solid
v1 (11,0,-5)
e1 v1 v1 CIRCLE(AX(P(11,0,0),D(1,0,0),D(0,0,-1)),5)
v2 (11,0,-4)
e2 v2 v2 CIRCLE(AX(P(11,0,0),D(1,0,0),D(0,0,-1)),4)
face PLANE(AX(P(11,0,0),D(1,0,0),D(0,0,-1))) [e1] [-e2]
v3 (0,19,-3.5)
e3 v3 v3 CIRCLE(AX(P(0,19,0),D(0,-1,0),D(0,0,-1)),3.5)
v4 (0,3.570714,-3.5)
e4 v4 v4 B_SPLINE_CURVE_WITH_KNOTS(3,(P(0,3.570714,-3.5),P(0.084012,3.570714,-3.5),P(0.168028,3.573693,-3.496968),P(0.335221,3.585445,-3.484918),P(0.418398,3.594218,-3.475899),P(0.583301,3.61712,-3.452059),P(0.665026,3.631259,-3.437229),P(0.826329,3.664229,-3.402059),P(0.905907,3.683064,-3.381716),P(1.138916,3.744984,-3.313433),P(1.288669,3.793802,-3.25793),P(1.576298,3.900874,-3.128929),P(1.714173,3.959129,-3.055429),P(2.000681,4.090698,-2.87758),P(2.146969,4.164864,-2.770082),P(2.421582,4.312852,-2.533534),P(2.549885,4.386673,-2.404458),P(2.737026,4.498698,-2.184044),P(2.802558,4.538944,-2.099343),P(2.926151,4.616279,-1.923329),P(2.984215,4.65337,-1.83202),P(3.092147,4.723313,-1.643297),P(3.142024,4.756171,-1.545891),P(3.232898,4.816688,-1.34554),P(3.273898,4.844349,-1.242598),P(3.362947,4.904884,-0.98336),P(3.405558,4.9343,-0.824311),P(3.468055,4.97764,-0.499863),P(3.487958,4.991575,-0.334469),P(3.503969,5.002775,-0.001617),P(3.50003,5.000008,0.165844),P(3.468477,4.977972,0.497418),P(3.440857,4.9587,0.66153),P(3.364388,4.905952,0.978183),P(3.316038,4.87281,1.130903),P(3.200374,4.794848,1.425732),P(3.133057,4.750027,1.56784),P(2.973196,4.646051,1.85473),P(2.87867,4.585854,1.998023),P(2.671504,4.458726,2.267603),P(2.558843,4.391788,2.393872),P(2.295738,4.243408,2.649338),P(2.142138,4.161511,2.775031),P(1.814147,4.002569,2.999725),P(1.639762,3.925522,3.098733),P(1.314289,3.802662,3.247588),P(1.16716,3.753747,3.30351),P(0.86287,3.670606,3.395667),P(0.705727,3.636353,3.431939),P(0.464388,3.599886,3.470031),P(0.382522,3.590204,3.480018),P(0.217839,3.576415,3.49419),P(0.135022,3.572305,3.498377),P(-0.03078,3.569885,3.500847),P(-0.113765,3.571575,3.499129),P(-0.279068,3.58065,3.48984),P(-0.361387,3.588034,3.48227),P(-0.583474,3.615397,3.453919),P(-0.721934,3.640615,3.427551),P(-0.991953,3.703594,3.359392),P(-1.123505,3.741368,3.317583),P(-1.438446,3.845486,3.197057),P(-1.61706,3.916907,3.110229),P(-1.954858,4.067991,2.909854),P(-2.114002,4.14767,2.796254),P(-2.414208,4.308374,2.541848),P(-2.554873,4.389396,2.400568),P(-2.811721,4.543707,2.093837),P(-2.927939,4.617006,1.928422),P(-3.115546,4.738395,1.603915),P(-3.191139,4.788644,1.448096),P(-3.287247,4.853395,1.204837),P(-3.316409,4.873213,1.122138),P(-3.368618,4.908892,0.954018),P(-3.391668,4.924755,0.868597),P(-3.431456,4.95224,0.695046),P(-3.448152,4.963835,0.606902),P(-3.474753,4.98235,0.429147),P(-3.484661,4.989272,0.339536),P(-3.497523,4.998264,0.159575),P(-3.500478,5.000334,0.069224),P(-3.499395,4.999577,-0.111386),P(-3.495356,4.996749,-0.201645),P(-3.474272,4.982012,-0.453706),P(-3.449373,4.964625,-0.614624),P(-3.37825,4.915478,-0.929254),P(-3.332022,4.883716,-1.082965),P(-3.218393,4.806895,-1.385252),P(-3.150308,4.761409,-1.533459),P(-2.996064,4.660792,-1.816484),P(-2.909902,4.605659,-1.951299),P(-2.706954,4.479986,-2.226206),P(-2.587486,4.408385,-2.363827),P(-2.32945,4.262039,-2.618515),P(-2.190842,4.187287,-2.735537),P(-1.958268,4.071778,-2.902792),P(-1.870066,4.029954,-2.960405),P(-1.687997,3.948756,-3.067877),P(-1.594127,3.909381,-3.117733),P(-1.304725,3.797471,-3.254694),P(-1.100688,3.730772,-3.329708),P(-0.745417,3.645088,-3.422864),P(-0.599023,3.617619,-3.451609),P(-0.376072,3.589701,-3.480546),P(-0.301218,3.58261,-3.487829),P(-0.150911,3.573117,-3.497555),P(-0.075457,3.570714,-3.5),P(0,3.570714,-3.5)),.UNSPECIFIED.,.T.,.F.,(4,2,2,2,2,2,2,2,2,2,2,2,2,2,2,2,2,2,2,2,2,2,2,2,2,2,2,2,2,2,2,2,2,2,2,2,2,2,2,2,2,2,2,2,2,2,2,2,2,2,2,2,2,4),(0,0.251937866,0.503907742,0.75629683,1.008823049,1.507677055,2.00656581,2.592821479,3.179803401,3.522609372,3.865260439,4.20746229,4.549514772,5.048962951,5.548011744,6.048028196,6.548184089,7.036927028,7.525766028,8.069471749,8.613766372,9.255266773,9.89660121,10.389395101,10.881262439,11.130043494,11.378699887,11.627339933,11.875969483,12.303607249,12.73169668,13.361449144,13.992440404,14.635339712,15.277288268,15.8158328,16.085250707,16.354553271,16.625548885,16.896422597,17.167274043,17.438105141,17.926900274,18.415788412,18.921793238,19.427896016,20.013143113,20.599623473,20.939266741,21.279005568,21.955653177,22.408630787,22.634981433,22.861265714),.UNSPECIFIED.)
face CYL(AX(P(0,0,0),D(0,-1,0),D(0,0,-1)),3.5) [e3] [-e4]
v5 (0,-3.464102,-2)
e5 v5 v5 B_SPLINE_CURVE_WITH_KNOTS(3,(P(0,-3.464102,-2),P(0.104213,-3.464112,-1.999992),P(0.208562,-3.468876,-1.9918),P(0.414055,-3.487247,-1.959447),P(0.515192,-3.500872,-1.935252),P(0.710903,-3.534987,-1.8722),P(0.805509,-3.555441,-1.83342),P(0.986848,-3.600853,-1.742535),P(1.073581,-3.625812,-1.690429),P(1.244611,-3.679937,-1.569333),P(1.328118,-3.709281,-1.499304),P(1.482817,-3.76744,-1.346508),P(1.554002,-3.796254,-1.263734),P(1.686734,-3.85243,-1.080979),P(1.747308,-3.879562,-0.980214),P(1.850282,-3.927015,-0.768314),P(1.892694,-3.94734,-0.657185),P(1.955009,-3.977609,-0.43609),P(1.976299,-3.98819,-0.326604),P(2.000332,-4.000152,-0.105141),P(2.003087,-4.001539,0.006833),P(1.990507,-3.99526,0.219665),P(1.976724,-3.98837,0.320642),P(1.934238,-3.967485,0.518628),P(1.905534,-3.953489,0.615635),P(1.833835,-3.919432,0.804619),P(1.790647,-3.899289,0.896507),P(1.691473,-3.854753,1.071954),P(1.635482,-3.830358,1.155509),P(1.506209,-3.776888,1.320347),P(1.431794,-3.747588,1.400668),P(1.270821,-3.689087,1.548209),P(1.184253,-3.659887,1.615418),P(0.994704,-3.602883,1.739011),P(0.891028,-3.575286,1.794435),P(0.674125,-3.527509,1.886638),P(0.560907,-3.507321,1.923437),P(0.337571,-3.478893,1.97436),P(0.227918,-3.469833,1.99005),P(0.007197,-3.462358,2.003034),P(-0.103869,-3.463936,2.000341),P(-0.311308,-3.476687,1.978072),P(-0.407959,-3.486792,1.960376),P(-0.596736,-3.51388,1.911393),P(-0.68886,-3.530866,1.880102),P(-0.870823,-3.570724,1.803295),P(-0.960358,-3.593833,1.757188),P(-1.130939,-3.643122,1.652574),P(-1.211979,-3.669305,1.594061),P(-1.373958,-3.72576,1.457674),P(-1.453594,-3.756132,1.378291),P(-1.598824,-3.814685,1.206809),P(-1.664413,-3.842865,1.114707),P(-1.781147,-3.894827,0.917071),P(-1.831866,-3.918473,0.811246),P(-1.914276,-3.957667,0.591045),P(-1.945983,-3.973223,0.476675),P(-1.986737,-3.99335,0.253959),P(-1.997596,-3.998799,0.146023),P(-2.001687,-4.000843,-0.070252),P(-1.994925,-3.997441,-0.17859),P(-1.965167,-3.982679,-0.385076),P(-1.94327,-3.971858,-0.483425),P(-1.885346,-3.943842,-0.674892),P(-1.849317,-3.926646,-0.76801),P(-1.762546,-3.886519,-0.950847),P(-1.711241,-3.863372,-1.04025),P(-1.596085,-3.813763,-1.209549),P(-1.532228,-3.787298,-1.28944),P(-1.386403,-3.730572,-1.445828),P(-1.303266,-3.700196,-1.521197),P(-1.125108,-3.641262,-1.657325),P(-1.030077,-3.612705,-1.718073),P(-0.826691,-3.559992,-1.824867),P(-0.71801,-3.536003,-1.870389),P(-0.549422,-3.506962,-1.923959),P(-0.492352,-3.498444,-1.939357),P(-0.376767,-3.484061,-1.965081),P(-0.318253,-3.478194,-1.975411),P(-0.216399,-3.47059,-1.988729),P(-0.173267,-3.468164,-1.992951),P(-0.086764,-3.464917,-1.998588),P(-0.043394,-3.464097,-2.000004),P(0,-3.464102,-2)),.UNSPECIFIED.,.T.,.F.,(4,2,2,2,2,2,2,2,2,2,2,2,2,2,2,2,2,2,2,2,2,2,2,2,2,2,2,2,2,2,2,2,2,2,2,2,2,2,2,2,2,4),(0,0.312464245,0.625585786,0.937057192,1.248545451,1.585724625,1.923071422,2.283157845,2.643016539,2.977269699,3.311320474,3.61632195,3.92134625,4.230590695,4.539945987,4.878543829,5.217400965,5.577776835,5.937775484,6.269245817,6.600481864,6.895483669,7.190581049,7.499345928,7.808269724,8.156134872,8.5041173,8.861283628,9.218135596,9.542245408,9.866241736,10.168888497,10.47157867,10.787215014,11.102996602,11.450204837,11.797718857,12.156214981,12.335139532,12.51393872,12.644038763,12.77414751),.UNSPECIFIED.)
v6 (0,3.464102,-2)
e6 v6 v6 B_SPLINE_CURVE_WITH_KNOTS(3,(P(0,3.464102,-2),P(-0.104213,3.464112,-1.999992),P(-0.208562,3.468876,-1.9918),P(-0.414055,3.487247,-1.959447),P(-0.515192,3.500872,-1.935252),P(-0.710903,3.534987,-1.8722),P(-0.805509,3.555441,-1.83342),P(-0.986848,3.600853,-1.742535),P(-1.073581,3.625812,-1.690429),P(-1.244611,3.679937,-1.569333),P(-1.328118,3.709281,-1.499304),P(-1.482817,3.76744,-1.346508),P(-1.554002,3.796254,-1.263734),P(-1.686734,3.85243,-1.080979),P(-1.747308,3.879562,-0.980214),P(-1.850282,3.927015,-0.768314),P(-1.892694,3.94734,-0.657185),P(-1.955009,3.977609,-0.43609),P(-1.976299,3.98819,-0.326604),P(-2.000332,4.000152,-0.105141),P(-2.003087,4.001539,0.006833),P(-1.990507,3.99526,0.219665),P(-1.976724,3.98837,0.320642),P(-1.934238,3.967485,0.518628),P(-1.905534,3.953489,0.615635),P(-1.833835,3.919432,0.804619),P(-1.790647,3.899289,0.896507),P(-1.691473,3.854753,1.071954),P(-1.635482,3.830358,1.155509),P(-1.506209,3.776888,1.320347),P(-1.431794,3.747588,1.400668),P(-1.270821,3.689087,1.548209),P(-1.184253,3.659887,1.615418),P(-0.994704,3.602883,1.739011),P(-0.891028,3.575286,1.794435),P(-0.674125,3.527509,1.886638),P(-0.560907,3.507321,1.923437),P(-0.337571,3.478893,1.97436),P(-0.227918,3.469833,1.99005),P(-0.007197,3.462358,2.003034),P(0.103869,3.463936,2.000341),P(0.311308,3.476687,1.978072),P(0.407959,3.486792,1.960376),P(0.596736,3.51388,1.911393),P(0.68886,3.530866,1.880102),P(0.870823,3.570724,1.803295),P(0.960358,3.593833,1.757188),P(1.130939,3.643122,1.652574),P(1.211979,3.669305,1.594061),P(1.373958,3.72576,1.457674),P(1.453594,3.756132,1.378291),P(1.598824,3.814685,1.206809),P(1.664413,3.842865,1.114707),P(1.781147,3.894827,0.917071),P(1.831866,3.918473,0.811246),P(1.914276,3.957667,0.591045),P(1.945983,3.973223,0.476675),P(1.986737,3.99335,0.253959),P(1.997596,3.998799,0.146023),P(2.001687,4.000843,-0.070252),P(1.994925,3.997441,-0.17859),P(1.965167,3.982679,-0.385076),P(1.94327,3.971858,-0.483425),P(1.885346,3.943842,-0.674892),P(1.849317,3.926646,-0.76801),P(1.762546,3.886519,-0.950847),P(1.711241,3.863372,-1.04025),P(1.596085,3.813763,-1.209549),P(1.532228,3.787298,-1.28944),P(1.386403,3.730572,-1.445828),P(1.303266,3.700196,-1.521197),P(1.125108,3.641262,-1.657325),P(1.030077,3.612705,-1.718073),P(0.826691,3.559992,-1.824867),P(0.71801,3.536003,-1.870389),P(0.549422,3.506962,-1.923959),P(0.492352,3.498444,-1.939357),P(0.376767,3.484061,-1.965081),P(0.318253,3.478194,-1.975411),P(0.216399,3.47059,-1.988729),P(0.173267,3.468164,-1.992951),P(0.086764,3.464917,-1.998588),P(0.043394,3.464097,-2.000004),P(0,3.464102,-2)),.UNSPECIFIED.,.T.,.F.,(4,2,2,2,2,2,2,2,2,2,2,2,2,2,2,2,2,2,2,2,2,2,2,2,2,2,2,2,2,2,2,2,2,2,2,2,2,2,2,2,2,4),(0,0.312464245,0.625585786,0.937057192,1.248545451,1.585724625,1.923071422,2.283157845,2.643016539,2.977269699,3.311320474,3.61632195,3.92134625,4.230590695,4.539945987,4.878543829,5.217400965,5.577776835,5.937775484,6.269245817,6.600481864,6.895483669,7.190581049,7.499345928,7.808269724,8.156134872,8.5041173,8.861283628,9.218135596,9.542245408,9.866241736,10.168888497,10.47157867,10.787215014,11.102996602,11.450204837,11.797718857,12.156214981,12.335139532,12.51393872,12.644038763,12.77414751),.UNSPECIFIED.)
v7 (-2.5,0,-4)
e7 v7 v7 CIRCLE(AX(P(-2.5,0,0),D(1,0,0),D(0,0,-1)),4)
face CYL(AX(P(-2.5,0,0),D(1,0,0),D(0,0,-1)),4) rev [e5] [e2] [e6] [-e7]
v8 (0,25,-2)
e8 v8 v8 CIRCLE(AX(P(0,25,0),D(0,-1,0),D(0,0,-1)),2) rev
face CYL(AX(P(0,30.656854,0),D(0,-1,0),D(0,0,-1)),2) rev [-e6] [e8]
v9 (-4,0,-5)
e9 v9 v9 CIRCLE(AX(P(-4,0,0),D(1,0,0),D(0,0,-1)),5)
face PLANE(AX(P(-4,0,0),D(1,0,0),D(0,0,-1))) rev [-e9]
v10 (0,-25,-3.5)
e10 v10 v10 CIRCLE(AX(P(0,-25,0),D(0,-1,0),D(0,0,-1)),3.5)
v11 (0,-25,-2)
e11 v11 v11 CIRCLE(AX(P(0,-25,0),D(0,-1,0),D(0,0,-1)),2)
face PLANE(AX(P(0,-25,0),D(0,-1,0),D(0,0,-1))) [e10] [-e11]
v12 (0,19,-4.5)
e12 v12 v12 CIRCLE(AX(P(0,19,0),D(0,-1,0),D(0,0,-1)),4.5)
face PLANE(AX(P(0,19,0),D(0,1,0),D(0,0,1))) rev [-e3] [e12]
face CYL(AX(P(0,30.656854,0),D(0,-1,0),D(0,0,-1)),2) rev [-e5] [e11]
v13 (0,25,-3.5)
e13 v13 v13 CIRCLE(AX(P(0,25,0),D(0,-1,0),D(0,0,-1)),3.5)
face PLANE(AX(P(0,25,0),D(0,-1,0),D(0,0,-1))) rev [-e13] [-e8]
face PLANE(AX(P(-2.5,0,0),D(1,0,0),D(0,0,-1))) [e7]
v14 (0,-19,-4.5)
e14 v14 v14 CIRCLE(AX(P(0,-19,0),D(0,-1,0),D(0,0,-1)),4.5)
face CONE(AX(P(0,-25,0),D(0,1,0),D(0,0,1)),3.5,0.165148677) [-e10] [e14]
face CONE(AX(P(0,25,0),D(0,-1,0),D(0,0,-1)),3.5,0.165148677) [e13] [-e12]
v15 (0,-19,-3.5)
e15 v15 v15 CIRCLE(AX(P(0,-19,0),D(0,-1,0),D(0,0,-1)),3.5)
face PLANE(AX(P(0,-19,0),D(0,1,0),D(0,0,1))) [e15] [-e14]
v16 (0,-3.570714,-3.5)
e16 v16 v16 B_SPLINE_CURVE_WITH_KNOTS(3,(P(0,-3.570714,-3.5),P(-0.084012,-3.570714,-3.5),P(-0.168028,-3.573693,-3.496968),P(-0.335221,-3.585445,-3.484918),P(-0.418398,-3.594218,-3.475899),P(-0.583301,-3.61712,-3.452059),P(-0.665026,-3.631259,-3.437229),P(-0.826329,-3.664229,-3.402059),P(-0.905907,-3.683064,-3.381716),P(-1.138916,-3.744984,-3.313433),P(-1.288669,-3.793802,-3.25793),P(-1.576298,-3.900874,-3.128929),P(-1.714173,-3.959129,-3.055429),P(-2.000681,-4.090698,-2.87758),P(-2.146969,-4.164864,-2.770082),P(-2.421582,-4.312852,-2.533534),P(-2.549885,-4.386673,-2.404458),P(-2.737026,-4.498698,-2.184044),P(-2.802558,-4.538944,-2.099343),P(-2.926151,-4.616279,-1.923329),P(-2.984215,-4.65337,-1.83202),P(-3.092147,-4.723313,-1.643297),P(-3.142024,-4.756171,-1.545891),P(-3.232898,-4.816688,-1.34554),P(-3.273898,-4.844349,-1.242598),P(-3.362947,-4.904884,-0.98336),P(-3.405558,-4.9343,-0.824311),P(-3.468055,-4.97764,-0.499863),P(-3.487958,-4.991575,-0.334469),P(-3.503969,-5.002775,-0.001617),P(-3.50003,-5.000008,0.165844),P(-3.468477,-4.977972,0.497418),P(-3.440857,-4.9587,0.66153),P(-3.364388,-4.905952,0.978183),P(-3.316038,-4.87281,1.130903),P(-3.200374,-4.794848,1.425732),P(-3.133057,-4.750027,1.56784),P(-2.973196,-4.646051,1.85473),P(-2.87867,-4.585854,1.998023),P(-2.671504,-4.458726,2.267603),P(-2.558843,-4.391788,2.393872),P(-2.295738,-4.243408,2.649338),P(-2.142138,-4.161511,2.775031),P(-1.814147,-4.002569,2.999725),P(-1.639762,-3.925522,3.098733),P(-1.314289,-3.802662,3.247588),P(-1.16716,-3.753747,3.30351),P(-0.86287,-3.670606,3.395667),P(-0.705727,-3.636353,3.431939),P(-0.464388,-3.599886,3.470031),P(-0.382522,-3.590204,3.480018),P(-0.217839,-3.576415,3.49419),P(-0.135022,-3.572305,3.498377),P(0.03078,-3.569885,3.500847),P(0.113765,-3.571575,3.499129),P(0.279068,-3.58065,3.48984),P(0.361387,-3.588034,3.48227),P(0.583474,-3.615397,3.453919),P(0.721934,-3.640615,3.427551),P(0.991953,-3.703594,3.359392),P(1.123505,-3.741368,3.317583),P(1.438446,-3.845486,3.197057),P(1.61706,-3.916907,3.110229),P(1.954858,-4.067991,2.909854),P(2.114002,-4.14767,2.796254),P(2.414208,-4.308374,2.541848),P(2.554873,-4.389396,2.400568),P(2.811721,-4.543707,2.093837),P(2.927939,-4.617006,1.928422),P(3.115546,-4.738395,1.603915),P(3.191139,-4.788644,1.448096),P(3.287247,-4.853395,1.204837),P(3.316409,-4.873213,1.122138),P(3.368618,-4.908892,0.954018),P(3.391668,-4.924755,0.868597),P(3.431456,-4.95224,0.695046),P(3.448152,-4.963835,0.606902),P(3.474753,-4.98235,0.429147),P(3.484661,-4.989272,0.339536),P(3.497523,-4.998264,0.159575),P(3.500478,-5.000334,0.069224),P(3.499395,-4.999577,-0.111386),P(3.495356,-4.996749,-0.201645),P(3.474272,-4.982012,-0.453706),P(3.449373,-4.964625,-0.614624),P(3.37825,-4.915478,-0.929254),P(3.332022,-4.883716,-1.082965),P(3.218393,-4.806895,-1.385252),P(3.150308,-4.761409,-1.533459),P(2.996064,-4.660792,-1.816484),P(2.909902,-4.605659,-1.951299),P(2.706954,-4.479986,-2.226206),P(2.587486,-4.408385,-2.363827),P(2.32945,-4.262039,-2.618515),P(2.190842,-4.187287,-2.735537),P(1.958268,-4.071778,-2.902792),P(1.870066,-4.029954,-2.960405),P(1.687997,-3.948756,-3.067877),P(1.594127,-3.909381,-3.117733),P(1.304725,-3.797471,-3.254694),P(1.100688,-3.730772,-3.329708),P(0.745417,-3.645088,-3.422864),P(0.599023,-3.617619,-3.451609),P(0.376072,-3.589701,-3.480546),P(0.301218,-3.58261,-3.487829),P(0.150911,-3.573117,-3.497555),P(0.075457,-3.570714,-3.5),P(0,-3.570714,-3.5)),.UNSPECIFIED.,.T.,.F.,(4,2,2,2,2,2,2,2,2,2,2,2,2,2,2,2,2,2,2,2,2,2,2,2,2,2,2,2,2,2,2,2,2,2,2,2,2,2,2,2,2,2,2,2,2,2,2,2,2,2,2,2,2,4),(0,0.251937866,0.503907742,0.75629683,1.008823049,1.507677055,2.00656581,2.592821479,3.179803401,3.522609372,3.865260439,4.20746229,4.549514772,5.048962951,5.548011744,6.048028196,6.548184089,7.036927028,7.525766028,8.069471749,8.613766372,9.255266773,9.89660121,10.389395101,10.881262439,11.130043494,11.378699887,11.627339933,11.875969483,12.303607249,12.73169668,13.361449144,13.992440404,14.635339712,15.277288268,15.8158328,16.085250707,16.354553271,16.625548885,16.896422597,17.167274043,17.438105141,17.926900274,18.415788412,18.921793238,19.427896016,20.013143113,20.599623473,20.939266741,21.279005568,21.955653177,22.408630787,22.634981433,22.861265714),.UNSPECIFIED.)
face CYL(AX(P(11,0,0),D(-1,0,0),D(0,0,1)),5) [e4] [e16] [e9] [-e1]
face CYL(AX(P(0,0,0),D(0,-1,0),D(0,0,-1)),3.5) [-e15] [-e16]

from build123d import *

# Parameters (mm, degrees)
SKETCH3_W           = 2.5
SKETCH3_H           = 25
SKETCH3_H_2         = 6.220476857
SKETCH3_H_3         = 18.779523143
BOSS_EXTRUDE2_START = 3.5
SKETCH5_R           = 5
BOSS_EXTRUDE2_DEPTH = 7.5
SKETCH6_R           = 4
CUT_EXTRUDE1_DEPTH  = 13.5
SKETCH7_R           = 2
CUT_EXTRUDE2_DEPTH  = 50


with BuildPart() as part:
    # Sketch3 → Revolve1 (revolve)
    with BuildSketch(Plane.XY):
        Polygon((2.5, 6.220476857), (2.5, 0), (3.5, 0), (3.5, 19), (4.5, 19), (3.5, 25), (2.5, 25), align=None)
        Polygon((2.5, 0), (2.5, -25), (3.5, -25), (4.5, -19), (3.5, -19), (3.5, 0), align=None)
        with Locations((1.25, -12.5)):
            Rectangle(SKETCH3_W, SKETCH3_H)
        with Locations((1.25, 3.110238429)):
            Rectangle(SKETCH3_W, SKETCH3_H_2)
        with Locations((1.25, 15.610238429)):
            Rectangle(SKETCH3_W, SKETCH3_H_3)
    revolve(axis=Axis((0, 0, 0), (0, 1, 0)))

    # Sketch5 → Boss-Extrude2 (add, symmetric)
    with BuildSketch(Plane(origin=(0, 0, 0), x_dir=(0, 0, -1), z_dir=(1, 0, 0)).offset(BOSS_EXTRUDE2_START)):
        Circle(SKETCH5_R)
    extrude(amount=BOSS_EXTRUDE2_DEPTH, both=True)

    # Sketch6 → Cut-Extrude1 (cut)
    with BuildSketch(Plane(origin=(11, 0, 0), x_dir=(0, 0, -1), z_dir=(1, 0, 0))):
        Circle(SKETCH6_R)
    extrude(amount=-CUT_EXTRUDE1_DEPTH, mode=Mode.SUBTRACT)

    # Sketch7 → Cut-Extrude2 (cut)
    with BuildSketch(Plane.XZ.offset(25)):
        Circle(SKETCH7_R)
    extrude(amount=-CUT_EXTRUDE2_DEPTH, mode=Mode.SUBTRACT)


solid = part.part
